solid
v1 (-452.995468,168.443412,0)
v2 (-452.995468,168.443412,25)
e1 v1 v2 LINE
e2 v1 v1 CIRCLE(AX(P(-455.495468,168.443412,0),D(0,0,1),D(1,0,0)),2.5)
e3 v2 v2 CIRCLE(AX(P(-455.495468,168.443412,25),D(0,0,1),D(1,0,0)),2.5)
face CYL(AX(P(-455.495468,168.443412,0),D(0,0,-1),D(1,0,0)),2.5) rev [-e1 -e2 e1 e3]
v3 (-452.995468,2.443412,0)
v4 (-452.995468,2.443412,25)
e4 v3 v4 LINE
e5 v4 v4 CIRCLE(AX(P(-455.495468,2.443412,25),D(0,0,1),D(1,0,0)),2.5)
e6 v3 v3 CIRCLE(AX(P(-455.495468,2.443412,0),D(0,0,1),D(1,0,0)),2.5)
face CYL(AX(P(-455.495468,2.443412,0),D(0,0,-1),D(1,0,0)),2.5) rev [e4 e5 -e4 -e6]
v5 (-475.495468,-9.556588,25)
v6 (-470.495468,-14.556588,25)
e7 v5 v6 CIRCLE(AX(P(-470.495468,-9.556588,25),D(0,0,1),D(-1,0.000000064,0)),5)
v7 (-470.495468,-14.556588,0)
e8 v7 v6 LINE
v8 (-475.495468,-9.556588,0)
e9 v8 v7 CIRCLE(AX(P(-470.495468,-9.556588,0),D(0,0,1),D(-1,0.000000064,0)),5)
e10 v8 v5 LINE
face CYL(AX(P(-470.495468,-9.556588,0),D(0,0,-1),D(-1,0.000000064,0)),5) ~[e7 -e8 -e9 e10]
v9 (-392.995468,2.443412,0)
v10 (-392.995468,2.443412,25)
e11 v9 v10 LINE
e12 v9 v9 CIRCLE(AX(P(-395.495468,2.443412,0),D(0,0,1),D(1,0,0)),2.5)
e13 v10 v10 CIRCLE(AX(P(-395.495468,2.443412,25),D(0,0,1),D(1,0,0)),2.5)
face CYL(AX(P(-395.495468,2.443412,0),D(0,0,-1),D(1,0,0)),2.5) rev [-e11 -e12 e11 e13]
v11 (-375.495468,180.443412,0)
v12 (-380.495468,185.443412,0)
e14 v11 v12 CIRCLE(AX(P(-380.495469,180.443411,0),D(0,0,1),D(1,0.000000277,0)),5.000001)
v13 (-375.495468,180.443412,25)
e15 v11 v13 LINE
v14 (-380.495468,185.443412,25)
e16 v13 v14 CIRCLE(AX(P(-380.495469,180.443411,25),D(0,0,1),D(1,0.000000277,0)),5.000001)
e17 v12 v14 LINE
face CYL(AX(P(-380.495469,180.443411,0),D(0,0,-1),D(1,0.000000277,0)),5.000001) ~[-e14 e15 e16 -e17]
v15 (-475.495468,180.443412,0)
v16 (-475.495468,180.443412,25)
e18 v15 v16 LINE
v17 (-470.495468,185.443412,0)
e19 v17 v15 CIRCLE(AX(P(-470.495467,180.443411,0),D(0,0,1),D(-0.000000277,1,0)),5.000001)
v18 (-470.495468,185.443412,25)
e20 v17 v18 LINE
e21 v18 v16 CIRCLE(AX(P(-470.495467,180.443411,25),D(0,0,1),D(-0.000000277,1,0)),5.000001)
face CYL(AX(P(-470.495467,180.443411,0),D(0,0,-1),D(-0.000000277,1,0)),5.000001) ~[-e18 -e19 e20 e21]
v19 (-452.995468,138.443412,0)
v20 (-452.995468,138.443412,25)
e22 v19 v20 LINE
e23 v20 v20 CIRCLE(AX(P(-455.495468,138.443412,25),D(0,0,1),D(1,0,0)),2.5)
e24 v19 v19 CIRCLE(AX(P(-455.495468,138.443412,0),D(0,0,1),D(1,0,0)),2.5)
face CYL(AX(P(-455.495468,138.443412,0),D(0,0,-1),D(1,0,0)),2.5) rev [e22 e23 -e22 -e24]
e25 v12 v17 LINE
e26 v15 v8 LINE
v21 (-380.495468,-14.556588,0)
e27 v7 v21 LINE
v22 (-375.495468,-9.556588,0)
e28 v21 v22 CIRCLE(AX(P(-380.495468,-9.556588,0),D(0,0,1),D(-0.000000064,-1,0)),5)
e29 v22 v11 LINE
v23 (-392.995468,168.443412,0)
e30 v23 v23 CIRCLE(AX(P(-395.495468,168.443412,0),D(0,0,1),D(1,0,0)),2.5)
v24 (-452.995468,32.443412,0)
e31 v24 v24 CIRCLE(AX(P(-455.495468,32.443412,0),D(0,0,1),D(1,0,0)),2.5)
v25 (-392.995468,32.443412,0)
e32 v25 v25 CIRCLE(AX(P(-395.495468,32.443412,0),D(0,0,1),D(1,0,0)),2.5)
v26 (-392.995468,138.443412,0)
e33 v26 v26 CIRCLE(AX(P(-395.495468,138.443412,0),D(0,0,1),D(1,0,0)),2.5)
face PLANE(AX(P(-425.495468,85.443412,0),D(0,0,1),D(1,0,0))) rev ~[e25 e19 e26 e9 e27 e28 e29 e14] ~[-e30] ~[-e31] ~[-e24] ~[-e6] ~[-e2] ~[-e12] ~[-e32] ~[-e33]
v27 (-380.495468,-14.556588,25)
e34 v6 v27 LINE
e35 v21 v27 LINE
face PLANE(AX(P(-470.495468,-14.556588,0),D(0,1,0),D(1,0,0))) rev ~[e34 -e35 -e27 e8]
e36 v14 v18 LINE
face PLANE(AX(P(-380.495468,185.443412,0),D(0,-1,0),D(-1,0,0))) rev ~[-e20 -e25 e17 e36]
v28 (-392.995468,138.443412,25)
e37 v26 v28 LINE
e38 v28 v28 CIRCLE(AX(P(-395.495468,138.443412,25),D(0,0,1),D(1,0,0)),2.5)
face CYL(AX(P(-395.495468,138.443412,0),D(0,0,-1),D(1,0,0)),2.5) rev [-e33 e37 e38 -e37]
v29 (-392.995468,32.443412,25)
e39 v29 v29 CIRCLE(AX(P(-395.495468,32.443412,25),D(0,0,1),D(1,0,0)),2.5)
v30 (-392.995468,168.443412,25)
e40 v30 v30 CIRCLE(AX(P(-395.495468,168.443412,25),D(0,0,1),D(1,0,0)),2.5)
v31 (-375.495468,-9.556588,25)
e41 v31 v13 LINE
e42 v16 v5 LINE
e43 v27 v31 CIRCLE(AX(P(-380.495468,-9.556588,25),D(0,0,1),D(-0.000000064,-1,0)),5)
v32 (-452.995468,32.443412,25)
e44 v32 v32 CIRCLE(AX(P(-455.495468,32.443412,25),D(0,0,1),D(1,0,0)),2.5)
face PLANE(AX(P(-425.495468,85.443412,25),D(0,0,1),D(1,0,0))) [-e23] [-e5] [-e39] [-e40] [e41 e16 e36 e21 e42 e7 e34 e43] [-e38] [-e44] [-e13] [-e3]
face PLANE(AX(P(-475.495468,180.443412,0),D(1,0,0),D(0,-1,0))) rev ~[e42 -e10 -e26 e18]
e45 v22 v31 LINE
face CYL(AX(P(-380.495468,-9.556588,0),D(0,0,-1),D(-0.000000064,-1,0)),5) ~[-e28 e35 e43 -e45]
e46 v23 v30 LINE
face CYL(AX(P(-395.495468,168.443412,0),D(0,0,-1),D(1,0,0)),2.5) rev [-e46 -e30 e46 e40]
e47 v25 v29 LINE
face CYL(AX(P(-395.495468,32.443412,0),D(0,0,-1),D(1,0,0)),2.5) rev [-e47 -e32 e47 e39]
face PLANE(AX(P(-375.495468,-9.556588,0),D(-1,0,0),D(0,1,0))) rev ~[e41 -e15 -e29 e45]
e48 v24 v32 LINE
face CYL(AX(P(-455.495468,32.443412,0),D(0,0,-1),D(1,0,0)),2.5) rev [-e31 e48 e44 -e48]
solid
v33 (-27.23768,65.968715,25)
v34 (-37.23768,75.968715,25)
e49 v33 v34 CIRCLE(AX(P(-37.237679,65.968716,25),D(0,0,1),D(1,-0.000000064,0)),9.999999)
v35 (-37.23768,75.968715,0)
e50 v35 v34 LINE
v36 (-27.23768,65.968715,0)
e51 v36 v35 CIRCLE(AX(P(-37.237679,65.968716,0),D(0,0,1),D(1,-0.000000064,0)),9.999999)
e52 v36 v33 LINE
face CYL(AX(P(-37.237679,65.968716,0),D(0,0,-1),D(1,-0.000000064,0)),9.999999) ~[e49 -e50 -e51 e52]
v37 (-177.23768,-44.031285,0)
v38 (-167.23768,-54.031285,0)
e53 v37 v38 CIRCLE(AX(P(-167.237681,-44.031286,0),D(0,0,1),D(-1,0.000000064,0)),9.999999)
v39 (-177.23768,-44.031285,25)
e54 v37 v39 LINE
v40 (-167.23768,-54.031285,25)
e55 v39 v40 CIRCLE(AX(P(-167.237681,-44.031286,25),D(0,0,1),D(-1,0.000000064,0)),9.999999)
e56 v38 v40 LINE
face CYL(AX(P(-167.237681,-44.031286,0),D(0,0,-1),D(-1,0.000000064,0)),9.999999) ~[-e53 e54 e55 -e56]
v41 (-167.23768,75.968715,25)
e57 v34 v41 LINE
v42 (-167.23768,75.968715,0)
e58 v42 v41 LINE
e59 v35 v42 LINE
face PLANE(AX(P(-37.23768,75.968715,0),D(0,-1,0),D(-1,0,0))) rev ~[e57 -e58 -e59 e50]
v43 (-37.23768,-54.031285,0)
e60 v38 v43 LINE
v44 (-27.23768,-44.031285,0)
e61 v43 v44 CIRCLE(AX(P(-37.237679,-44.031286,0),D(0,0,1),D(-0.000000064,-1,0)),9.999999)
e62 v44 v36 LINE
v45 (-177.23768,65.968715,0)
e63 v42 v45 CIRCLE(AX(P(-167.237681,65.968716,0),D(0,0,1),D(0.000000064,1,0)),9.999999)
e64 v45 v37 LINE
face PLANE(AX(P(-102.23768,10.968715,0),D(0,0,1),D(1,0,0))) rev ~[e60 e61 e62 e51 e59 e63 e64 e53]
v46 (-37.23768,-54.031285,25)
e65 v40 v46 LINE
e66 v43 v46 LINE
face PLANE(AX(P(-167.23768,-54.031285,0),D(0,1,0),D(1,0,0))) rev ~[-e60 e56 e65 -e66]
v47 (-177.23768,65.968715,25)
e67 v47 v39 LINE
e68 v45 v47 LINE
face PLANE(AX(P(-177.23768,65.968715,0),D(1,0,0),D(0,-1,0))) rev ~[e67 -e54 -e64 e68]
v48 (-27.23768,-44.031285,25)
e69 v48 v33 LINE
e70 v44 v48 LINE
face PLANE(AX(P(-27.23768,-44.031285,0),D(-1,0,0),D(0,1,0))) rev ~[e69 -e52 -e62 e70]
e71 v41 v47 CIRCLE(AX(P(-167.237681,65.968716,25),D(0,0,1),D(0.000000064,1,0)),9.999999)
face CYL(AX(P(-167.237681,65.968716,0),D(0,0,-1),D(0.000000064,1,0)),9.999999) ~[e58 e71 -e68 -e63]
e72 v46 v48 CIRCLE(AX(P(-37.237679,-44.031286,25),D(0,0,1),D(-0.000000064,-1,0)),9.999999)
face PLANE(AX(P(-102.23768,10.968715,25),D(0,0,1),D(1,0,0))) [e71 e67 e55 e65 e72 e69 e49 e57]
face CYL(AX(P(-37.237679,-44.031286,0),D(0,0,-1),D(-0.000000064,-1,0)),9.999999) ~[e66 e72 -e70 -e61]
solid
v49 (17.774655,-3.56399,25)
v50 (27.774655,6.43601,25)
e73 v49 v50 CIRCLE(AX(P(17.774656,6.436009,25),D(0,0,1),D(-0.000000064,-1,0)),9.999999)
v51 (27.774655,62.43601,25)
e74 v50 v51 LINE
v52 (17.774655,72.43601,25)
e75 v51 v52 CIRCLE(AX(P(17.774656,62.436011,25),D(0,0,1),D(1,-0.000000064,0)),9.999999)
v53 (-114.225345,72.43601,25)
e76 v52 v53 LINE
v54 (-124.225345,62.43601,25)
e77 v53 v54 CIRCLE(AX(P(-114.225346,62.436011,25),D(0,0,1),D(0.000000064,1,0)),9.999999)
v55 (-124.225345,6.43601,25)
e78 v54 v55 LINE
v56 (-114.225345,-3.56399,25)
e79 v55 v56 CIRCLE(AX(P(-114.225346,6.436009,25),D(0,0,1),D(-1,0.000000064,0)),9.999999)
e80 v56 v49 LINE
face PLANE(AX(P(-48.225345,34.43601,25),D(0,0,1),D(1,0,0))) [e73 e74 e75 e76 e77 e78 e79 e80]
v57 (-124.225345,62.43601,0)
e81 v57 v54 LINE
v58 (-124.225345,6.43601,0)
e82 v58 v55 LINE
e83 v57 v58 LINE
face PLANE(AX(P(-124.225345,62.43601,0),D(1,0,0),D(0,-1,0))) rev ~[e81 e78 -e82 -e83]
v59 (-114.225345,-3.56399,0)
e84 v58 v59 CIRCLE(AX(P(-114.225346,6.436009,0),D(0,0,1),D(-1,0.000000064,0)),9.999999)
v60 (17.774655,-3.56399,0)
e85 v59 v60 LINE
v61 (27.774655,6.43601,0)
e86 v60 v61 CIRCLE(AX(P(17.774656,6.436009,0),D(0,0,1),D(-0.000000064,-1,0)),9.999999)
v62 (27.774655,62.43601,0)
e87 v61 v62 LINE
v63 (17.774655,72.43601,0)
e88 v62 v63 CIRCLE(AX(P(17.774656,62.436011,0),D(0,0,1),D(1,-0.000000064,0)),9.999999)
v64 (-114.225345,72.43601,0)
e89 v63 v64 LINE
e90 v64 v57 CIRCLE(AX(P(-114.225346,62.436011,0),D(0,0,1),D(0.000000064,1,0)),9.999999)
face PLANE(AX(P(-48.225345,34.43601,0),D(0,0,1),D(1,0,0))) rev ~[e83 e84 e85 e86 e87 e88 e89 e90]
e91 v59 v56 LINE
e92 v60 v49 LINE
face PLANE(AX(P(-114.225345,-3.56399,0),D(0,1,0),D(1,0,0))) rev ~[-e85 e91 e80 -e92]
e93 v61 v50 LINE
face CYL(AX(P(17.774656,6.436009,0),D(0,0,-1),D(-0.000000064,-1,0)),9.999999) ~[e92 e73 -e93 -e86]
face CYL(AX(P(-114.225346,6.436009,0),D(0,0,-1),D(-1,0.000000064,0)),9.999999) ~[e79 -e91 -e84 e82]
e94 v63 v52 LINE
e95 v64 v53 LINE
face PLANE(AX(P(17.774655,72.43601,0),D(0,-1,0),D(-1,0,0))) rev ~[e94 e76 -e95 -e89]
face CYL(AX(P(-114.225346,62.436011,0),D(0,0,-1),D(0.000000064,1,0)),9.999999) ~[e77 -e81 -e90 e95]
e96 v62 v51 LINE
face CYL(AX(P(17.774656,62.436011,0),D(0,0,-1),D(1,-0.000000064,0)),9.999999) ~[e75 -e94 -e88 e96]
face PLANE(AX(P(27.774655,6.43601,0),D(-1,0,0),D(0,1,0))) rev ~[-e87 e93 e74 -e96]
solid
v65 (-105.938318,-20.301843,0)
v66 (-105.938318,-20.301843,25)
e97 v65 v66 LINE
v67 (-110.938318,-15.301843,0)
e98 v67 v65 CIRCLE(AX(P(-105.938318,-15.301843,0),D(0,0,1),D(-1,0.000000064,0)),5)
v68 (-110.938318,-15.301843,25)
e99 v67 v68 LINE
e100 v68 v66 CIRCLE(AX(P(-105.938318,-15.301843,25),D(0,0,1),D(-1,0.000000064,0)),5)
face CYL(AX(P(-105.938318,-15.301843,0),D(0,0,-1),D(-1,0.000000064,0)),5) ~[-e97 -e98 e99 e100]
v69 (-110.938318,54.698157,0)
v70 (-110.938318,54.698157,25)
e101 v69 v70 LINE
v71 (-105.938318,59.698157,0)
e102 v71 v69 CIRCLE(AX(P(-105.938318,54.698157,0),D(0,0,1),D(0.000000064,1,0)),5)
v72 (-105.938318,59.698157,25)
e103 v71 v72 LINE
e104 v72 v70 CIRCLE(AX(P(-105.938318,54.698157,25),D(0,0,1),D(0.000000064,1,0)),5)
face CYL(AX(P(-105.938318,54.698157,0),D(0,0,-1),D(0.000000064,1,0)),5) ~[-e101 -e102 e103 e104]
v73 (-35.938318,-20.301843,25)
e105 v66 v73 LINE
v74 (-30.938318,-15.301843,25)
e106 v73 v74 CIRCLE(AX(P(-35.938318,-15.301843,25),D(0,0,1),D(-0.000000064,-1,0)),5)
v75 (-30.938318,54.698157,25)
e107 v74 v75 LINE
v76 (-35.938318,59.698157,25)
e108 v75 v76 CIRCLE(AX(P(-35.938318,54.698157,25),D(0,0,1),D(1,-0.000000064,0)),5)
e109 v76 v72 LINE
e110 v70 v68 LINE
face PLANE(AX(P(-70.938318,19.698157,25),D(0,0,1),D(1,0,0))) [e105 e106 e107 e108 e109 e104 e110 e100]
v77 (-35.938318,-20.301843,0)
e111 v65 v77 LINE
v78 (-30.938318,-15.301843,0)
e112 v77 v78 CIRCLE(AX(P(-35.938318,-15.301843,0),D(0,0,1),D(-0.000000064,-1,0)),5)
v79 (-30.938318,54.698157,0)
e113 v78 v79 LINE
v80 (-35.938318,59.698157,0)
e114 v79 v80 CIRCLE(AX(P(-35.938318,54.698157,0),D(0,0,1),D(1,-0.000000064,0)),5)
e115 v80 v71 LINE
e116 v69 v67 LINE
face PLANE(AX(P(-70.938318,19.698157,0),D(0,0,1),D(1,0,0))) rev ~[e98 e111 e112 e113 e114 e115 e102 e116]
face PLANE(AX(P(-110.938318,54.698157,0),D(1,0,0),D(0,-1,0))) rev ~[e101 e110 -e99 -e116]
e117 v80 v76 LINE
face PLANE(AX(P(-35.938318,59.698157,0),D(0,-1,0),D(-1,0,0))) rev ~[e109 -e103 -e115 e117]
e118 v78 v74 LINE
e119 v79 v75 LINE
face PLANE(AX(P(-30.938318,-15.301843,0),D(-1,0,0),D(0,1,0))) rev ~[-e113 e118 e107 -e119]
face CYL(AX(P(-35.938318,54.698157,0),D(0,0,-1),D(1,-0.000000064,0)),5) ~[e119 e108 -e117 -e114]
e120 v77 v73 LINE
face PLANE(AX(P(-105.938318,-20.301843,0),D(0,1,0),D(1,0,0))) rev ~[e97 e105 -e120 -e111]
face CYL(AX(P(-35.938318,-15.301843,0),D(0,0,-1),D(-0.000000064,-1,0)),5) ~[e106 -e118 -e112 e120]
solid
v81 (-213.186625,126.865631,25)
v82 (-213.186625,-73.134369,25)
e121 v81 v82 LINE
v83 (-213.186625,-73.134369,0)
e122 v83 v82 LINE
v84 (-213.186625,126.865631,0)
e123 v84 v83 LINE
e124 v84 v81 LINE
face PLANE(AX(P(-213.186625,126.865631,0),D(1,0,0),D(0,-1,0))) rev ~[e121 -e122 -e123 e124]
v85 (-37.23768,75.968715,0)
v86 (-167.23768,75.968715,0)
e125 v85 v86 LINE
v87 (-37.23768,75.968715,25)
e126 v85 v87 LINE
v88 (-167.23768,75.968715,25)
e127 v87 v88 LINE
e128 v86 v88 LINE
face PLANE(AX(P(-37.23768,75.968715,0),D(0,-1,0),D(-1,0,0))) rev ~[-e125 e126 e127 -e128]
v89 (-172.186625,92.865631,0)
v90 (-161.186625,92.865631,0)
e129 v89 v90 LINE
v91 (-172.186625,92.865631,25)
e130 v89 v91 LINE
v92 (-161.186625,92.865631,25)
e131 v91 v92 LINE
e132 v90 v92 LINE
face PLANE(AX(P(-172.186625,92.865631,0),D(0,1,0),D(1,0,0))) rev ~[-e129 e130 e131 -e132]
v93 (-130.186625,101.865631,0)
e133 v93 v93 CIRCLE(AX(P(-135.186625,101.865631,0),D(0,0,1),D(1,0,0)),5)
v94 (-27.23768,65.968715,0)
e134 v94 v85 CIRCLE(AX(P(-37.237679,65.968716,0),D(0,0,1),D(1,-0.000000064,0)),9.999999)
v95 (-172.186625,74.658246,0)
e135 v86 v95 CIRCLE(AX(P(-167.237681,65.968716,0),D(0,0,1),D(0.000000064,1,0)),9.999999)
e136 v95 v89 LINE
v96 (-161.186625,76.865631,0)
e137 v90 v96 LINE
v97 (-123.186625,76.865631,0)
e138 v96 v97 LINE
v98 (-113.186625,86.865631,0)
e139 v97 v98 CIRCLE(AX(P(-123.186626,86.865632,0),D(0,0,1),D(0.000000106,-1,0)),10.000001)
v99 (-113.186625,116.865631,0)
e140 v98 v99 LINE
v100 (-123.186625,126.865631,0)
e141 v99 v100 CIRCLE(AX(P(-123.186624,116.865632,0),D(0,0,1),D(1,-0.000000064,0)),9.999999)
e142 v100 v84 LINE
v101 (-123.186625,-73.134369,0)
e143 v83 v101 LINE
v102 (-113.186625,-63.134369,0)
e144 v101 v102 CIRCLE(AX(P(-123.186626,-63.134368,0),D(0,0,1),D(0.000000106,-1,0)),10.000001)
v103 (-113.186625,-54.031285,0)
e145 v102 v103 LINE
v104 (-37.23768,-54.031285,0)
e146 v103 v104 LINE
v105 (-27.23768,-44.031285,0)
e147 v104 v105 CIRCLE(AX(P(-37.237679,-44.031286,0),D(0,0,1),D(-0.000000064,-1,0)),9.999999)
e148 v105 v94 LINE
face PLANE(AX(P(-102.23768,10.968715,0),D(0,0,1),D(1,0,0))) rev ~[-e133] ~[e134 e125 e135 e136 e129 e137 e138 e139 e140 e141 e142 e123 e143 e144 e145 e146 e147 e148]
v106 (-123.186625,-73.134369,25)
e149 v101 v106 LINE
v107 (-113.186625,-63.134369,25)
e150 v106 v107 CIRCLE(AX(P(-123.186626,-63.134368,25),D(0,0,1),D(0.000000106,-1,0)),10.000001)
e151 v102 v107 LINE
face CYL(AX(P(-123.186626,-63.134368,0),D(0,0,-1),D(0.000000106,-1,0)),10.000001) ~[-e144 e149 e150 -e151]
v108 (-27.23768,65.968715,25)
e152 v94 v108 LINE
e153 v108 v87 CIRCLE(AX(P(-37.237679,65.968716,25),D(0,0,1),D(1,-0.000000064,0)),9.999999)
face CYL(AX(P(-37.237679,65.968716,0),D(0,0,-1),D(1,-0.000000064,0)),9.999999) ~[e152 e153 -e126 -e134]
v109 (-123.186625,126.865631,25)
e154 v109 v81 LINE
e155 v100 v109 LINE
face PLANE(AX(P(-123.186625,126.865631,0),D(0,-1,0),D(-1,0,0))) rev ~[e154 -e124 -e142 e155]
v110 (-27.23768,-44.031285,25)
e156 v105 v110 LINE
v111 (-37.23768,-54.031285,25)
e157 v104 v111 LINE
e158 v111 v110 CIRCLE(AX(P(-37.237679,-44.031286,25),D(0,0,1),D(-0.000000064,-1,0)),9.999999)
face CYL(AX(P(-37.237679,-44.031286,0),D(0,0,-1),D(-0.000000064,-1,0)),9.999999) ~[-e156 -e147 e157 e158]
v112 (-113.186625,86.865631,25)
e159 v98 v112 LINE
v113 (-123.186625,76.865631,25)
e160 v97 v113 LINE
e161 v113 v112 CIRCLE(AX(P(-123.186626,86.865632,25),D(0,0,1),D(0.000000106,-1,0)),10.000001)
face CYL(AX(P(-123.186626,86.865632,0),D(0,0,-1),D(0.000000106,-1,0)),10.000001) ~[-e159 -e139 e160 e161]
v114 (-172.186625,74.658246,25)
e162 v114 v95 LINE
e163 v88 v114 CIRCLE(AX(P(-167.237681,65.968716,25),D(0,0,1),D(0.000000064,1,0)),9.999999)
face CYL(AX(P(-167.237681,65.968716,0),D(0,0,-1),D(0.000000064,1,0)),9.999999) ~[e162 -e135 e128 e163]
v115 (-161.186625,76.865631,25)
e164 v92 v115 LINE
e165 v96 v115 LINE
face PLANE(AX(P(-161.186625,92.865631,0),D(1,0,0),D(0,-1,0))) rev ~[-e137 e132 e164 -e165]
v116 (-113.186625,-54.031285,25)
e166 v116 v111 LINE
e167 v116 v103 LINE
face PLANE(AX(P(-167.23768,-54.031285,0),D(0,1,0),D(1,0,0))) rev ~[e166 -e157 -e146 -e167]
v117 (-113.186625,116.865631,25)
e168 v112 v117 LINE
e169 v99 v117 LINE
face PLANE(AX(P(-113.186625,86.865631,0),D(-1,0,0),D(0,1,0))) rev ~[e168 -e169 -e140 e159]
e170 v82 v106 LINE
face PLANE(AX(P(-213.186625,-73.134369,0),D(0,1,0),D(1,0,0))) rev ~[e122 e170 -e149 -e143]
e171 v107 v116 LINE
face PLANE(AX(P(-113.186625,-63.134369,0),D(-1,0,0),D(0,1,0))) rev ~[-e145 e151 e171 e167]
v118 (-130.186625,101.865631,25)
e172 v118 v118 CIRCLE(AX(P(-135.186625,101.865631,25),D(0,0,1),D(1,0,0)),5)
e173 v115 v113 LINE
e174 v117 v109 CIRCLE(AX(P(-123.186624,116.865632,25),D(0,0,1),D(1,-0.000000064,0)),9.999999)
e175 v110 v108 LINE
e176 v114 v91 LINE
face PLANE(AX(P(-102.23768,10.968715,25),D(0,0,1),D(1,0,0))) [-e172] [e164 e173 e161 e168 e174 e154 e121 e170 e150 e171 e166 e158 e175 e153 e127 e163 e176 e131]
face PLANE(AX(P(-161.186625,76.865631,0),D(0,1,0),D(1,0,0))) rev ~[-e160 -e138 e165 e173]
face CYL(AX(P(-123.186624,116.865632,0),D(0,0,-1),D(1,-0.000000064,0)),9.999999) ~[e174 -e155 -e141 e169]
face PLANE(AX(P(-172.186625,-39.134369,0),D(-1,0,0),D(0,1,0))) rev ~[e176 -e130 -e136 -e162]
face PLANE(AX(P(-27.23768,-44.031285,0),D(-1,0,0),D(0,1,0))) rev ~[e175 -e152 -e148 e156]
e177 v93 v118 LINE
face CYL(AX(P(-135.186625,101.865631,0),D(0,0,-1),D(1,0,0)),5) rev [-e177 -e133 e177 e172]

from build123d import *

# Parameters (mm, degrees)
F1_R      = 2.5
F2_DEPTH  = 25
F3_R      = 5
F4_DEPTH  = 25
F5_DEPTH  = 25
F6_DEPTH  = 25
F8_DEPTH  = 25
F10_DEPTH = 25


with BuildPart() as f2:
    # F1 (on Top) → F2 (new body)
    with BuildSketch(Plane.XY):
        with BuildLine():
            Line((-380.495468, 185.443412), (-470.495468, 185.443412))
            ThreePointArc((-470.495468, 185.443412), (-474.031002, 183.978945), (-475.495468, 180.443412))
            Line((-475.495468, 180.443412), (-475.495468, -9.556588))
            ThreePointArc((-475.495468, -9.556588), (-474.031002, -13.092122), (-470.495468, -14.556588))
            Line((-470.495468, -14.556588), (-380.495468, -14.556588))
            ThreePointArc((-380.495468, -14.556588), (-376.959934, -13.092122), (-375.495468, -9.556588))
            Line((-375.495468, -9.556588), (-375.495468, 180.443412))
            ThreePointArc((-375.495468, 180.443412), (-376.959934, 183.978945), (-380.495468, 185.443412))
        make_face()
        with Locations((-455.495468, 2.443412)):
            Circle(F1_R, mode=Mode.SUBTRACT)
        with Locations((-455.495468, 32.443412)):
            Circle(F1_R, mode=Mode.SUBTRACT)
        with Locations((-395.495468, 2.443412)):
            Circle(F1_R, mode=Mode.SUBTRACT)
        with Locations((-395.495468, 32.443412)):
            Circle(F1_R, mode=Mode.SUBTRACT)
        with Locations((-455.495468, 138.443412)):
            Circle(F1_R, mode=Mode.SUBTRACT)
        with Locations((-455.495468, 168.443412)):
            Circle(F1_R, mode=Mode.SUBTRACT)
        with Locations((-395.495468, 138.443412)):
            Circle(F1_R, mode=Mode.SUBTRACT)
        with Locations((-395.495468, 168.443412)):
            Circle(F1_R, mode=Mode.SUBTRACT)
    extrude(amount=F2_DEPTH)


with BuildPart() as f4:
    # F3 (on Top) → F4 (new body)
    with BuildSketch(Plane.XY):
        with BuildLine():
            Line((-123.186625, 126.865631), (-213.186625, 126.865631))
            Line((-213.186625, 126.865631), (-213.186625, -73.134369))
            Line((-213.186625, -73.134369), (-123.186625, -73.134369))
            ThreePointArc((-123.186625, -73.134369), (-116.115557, -70.205436), (-113.186625, -63.134369))
            Line((-113.186625, -63.134369), (-113.186625, -33.134369))
            ThreePointArc((-113.186625, -33.134369), (-116.115557, -26.063301), (-123.186625, -23.134369))
            Line((-123.186625, -23.134369), (-161.186625, -23.134369))
            Line((-161.186625, -23.134369), (-161.186625, -39.134369))
            Line((-161.186625, -39.134369), (-172.186625, -39.134369))
            Line((-172.186625, -39.134369), (-172.186625, 92.865631))
            Line((-172.186625, 92.865631), (-161.186625, 92.865631))
            Line((-161.186625, 92.865631), (-161.186625, 76.865631))
            Line((-161.186625, 76.865631), (-123.186625, 76.865631))
            ThreePointArc((-123.186625, 76.865631), (-116.115557, 79.794564), (-113.186625, 86.865631))
            Line((-113.186625, 86.865631), (-113.186625, 116.865631))
            ThreePointArc((-113.186625, 116.865631), (-116.115557, 123.936699), (-123.186625, 126.865631))
        make_face()
        with Locations((-135.186625, 101.865631)):
            Circle(F3_R, mode=Mode.SUBTRACT)
    extrude(amount=F4_DEPTH)

    # F0 (on Top) → F5 (join)
    with BuildSketch(Plane.XY):
        with BuildLine():
            Line((-37.23768, 75.968715), (-167.23768, 75.968715))
            ThreePointArc((-167.23768, 75.968715), (-174.308748, 73.039783), (-177.23768, 65.968715))
            Line((-177.23768, 65.968715), (-177.23768, -44.031285))
            ThreePointArc((-177.23768, -44.031285), (-174.308748, -51.102353), (-167.23768, -54.031285))
            Line((-167.23768, -54.031285), (-37.23768, -54.031285))
            ThreePointArc((-37.23768, -54.031285), (-30.166612, -51.102353), (-27.23768, -44.031285))
            Line((-27.23768, -44.031285), (-27.23768, 65.968715))
            ThreePointArc((-27.23768, 65.968715), (-30.166612, 73.039783), (-37.23768, 75.968715))
        make_face()
    extrude(amount=F5_DEPTH)


with BuildPart() as f6:
    # F0 (on Top) → F6 (new body)
    with BuildSketch(Plane.XY):
        with BuildLine():
            Line((-37.23768, 75.968715), (-167.23768, 75.968715))
            ThreePointArc((-167.23768, 75.968715), (-174.308748, 73.039783), (-177.23768, 65.968715))
            Line((-177.23768, 65.968715), (-177.23768, -44.031285))
            ThreePointArc((-177.23768, -44.031285), (-174.308748, -51.102353), (-167.23768, -54.031285))
            Line((-167.23768, -54.031285), (-37.23768, -54.031285))
            ThreePointArc((-37.23768, -54.031285), (-30.166612, -51.102353), (-27.23768, -44.031285))
            Line((-27.23768, -44.031285), (-27.23768, 65.968715))
            ThreePointArc((-27.23768, 65.968715), (-30.166612, 73.039783), (-37.23768, 75.968715))
        make_face()
    extrude(amount=F6_DEPTH)


with BuildPart() as f8:
    # F7 (on Top) → F8 (new body)
    with BuildSketch(Plane.XY):
        with BuildLine():
            Line((-35.938318, 59.698157), (-105.938318, 59.698157))
            ThreePointArc((-105.938318, 59.698157), (-109.473852, 58.233691), (-110.938318, 54.698157))
            Line((-110.938318, 54.698157), (-110.938318, -15.301843))
            ThreePointArc((-110.938318, -15.301843), (-109.473852, -18.837377), (-105.938318, -20.301843))
            Line((-105.938318, -20.301843), (-35.938318, -20.301843))
            ThreePointArc((-35.938318, -20.301843), (-32.402784, -18.837377), (-30.938318, -15.301843))
            Line((-30.938318, -15.301843), (-30.938318, 54.698157))
            ThreePointArc((-30.938318, 54.698157), (-32.402784, 58.233691), (-35.938318, 59.698157))
        make_face()
    extrude(amount=F8_DEPTH)


with BuildPart() as f10:
    # F9 (on Top) → F10 (new body)
    with BuildSketch(Plane.XY):
        with BuildLine():
            Line((17.774655, 72.43601), (-114.225345, 72.43601))
            ThreePointArc((-114.225345, 72.43601), (-121.296413, 69.507078), (-124.225345, 62.43601))
            Line((-124.225345, 62.43601), (-124.225345, 6.43601))
            ThreePointArc((-124.225345, 6.43601), (-121.296413, -0.635058), (-114.225345, -3.56399))
            Line((-114.225345, -3.56399), (17.774655, -3.56399))
            ThreePointArc((17.774655, -3.56399), (24.845723, -0.635058), (27.774655, 6.43601))
            Line((27.774655, 6.43601), (27.774655, 62.43601))
            ThreePointArc((27.774655, 62.43601), (24.845723, 69.507078), (17.774655, 72.43601))
        make_face()
    extrude(amount=F10_DEPTH)


solid = Compound([f2.part, f4.part, f6.part, f8.part, f10.part])
